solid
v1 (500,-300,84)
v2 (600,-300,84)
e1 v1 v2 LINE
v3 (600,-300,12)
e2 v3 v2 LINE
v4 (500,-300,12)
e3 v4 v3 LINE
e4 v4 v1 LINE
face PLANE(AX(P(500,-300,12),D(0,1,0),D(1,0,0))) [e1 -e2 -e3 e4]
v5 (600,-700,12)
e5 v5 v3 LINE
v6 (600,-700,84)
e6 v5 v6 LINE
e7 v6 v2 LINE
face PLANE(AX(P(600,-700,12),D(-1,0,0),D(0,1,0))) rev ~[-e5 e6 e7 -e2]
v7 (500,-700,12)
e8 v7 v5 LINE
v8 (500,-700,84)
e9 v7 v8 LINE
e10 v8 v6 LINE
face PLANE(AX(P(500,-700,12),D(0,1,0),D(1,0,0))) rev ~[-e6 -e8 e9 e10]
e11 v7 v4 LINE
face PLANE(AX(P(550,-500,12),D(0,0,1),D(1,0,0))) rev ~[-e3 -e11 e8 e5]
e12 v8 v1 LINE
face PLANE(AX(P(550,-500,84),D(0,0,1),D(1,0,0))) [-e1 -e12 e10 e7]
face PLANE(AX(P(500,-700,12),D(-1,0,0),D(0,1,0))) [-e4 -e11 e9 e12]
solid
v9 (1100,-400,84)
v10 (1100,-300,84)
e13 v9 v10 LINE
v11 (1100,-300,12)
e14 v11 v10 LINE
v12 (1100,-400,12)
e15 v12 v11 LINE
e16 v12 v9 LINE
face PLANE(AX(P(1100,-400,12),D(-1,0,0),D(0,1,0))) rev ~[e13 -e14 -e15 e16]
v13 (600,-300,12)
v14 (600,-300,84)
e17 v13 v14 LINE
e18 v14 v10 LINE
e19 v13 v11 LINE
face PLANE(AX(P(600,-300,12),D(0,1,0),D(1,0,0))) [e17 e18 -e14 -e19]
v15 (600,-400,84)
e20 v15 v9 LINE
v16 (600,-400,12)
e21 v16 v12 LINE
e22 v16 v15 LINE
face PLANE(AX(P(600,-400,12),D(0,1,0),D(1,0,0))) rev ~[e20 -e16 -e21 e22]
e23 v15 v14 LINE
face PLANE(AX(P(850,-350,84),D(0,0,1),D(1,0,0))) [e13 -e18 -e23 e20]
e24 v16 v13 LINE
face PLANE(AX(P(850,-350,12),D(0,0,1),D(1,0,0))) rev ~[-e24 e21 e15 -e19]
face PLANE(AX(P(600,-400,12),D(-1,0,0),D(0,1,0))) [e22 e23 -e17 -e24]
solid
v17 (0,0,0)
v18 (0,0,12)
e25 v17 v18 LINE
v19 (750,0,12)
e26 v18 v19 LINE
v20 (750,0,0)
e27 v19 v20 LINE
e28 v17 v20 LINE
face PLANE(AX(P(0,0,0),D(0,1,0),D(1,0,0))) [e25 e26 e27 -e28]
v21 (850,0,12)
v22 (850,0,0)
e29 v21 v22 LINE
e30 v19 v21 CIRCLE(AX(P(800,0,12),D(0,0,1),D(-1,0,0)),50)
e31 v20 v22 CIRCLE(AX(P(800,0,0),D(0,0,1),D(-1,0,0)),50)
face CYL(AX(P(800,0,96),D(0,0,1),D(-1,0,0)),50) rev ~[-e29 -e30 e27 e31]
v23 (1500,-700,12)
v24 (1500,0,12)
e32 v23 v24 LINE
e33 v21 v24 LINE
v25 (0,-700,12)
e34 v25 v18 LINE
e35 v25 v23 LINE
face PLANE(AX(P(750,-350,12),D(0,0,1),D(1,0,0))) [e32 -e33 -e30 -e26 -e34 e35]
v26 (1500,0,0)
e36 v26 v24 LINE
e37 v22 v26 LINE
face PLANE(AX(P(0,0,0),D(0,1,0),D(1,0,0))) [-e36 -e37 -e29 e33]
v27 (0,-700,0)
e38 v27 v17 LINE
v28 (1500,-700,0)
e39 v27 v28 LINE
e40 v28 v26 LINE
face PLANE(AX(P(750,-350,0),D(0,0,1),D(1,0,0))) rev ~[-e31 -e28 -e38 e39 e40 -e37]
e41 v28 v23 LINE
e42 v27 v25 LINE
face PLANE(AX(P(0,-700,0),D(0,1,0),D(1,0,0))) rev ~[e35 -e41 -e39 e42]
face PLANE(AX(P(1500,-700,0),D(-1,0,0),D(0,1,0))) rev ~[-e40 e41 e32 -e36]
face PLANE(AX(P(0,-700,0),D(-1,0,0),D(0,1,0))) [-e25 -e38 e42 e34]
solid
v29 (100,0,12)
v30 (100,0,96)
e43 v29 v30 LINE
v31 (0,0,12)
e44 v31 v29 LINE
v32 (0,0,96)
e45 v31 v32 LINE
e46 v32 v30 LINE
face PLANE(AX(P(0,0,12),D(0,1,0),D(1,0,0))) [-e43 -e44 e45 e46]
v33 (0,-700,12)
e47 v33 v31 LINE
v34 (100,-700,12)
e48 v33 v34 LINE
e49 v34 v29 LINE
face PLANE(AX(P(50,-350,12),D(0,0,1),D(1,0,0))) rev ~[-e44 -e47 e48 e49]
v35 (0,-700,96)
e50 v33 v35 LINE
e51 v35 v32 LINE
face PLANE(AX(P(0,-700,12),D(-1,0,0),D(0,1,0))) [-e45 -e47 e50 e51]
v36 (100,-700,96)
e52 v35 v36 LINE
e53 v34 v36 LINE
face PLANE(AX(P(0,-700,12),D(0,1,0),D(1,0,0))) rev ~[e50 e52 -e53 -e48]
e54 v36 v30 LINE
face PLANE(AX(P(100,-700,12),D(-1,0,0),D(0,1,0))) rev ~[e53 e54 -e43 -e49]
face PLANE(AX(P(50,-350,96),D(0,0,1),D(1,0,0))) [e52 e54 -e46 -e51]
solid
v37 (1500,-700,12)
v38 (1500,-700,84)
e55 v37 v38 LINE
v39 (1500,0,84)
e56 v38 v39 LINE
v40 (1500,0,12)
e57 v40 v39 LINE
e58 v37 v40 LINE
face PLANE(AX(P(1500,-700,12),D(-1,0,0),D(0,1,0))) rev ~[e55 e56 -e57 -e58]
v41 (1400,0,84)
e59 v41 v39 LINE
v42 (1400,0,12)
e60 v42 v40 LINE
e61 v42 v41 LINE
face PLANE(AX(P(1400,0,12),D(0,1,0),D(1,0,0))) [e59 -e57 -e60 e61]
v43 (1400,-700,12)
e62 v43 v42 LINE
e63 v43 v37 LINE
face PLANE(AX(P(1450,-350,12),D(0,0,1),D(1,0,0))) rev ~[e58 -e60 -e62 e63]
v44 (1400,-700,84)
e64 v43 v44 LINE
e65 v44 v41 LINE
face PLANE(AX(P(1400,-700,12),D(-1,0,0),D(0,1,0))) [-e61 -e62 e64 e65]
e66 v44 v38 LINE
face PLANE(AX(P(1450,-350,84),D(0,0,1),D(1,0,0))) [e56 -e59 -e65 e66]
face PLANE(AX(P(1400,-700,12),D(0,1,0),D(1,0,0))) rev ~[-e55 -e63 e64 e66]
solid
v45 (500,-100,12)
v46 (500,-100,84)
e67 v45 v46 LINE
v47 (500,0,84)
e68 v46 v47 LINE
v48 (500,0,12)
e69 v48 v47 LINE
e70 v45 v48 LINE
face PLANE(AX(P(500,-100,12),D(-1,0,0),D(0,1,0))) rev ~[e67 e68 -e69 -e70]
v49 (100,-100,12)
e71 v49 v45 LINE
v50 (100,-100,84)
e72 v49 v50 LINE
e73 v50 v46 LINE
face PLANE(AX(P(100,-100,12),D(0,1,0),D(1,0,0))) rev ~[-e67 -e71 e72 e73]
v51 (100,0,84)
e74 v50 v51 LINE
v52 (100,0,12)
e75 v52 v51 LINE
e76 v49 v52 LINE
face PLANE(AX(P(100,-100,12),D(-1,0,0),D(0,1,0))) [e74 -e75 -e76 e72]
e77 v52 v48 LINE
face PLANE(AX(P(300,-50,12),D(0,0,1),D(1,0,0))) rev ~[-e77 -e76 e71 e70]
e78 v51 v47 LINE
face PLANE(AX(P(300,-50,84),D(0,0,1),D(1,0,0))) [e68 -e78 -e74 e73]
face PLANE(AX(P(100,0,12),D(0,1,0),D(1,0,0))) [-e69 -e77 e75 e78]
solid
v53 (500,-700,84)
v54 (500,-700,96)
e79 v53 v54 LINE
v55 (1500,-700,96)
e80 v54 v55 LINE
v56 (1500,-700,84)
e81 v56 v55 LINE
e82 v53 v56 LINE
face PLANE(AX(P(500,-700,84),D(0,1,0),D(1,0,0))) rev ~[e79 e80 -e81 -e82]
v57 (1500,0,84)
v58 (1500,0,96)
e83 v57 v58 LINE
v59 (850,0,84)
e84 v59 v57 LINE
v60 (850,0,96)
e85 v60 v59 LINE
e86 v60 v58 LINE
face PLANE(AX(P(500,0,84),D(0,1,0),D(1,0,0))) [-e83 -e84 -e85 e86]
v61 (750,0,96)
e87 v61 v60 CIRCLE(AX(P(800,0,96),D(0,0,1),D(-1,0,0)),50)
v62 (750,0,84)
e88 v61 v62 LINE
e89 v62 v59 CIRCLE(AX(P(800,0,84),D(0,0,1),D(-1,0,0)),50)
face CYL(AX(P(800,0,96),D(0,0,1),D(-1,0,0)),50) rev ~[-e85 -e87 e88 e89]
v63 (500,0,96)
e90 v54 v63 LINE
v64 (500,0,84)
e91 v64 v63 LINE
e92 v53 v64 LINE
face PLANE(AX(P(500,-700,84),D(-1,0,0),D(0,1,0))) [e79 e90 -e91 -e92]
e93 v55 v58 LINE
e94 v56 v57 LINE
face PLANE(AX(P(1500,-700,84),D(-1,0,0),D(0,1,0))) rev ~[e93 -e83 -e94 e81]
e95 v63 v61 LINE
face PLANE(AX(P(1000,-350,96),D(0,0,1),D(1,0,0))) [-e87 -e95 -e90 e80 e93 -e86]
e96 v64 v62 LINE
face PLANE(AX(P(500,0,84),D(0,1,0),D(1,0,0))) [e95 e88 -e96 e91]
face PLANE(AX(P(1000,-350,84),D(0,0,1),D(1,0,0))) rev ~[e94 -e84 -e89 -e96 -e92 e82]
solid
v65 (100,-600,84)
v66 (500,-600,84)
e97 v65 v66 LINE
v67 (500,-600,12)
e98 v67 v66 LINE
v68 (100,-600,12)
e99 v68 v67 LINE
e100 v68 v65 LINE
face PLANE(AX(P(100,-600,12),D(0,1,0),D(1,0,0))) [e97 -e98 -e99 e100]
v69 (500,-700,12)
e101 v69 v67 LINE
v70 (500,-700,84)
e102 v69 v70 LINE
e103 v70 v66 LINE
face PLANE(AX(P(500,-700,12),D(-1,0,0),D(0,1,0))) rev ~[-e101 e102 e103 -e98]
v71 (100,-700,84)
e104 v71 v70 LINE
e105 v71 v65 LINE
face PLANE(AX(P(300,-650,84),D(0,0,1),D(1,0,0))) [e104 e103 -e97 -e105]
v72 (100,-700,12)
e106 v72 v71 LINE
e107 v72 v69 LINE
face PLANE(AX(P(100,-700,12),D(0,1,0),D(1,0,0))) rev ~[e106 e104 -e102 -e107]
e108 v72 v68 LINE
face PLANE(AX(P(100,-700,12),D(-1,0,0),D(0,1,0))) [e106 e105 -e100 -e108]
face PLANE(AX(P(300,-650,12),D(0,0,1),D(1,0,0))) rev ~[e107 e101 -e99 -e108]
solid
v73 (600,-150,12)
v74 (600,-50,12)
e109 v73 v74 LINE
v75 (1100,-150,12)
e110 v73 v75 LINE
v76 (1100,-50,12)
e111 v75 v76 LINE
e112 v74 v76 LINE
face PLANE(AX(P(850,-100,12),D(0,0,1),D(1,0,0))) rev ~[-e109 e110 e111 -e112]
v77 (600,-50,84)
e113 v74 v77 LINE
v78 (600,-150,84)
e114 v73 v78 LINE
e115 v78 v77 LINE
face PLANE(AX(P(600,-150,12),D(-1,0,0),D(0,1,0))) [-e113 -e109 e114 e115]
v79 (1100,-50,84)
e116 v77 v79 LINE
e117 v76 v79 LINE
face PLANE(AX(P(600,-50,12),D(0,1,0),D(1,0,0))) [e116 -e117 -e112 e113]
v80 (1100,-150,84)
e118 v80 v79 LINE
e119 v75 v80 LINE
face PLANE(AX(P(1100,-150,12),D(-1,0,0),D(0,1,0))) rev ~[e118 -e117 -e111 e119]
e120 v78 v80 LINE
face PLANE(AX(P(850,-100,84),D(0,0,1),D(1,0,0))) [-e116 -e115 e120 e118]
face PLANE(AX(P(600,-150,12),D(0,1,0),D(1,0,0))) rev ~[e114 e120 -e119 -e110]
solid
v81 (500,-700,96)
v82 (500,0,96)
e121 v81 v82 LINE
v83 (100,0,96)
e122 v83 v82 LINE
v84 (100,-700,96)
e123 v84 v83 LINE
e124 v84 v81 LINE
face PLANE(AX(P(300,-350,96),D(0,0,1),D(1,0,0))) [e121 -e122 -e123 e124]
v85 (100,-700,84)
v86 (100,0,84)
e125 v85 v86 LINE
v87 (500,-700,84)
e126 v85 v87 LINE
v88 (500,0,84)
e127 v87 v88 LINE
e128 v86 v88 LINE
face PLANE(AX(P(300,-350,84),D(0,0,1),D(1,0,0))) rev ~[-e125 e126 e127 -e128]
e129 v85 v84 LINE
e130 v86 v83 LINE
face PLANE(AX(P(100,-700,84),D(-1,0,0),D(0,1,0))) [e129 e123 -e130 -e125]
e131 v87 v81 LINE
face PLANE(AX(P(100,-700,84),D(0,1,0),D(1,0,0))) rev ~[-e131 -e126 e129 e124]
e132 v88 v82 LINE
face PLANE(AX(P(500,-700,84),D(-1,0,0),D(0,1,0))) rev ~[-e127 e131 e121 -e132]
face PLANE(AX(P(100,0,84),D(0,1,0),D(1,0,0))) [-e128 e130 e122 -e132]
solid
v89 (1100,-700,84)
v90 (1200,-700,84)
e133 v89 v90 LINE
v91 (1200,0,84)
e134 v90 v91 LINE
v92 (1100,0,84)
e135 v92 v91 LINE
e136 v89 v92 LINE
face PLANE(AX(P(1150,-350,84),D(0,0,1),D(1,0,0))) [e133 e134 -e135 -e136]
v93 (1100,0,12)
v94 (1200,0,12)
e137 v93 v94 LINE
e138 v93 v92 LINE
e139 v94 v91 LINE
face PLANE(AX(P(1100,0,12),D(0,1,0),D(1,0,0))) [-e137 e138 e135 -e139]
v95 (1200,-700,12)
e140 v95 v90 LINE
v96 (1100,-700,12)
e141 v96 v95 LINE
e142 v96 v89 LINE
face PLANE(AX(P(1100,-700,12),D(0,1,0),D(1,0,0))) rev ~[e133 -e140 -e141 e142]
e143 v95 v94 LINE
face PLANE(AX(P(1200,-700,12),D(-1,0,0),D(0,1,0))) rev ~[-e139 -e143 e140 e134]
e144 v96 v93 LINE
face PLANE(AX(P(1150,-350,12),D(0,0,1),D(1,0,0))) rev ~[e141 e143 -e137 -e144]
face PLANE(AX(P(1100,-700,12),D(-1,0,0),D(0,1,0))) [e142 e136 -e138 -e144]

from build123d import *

# Parameters (mm, degrees)
F0_W      = 1500
F0_H      = 700
F1_DEPTH  = 12
F2_W      = 100
F2_H      = 700
F3_DEPTH  = 84
F4_W      = 400
F4_H      = 100
F5_DEPTH  = 72
F6_W      = 400
F6_H      = 100
F7_DEPTH  = 72
F8_W      = 100
F8_H      = 700
F9_DEPTH  = 72
F10_W     = 100
F10_H     = 700
F11_DEPTH = 72
F12_W     = 100
F12_H     = 400
F13_DEPTH = 72
F14_W     = 500
F14_H     = 100
F15_DEPTH = 72
F16_W     = 1000
F16_H     = 700
F17_DEPTH = 12
F18_W     = 400
F18_H     = 700
F19_DEPTH = 12
F21_DEPTH = 96.001
F23_DEPTH = 12.001


with BuildPart() as f1:
    # F0 (on Top) → F1 (new body)
    with BuildSketch(Plane.XY):
        with Locations((750, -350)):
            Rectangle(F0_W, F0_H)
    extrude(amount=F1_DEPTH)


with BuildPart() as f3:
    # F2 (on face) → F3 (new body)
    with BuildSketch(Plane.XY.offset(12)):
        with Locations((50, -350)):
            Rectangle(F2_W, F2_H)
    extrude(amount=F3_DEPTH)


with BuildPart() as f5:
    # F4 (on face) → F5 (new body)
    with BuildSketch(Plane.XY.offset(12)):
        with Locations((300, -50)):
            Rectangle(F4_W, F4_H)
    extrude(amount=F5_DEPTH)


with BuildPart() as f7:
    # F6 (on face) → F7 (new body)
    with BuildSketch(Plane.XY.offset(12)):
        with Locations((300, -650)):
            Rectangle(F6_W, F6_H)
    extrude(amount=F7_DEPTH)


with BuildPart() as f9:
    # F8 (on face) → F9 (new body)
    with BuildSketch(Plane.XY.offset(12)):
        with Locations((1450, -350)):
            Rectangle(F8_W, F8_H)
    extrude(amount=F9_DEPTH)


with BuildPart() as f11:
    # F10 (on face) → F11 (new body)
    with BuildSketch(Plane.XY.offset(12)):
        with Locations((1150, -350)):
            Rectangle(F10_W, F10_H)
    extrude(amount=F11_DEPTH)


with BuildPart() as f13:
    # F12 (on face) → F13 (new body)
    with BuildSketch(Plane.XY.offset(12)):
        with Locations((550, -500)):
            Rectangle(F12_W, F12_H)
    extrude(amount=F13_DEPTH)


with BuildPart() as f15:
    # F14 (on face) → F15 (new body)
    with BuildSketch(Plane.XY.offset(12)):
        with Locations((850, -350)):
            Rectangle(F14_W, F14_H)
    extrude(amount=F15_DEPTH)


with BuildPart() as f15b:
    # F14 (on face) → F15, piece 2 (new body)
    with BuildSketch(Plane.XY.offset(12)):
        with Locations((850, -100)):
            Rectangle(F14_W, F14_H)
    extrude(amount=F15_DEPTH)


with BuildPart() as f17:
    # F16 (on face) → F17 (new body)
    with BuildSketch(Plane.XY.offset(84)):
        with Locations((1000, -350)):
            Rectangle(F16_W, F16_H)
    extrude(amount=F17_DEPTH)


with BuildPart() as f19:
    # F18 (on face) → F19 (new body)
    with BuildSketch(Plane.XY.offset(84)):
        with Locations((300, -350)):
            Rectangle(F18_W, F18_H)
    extrude(amount=F19_DEPTH)


with BuildPart() as f21_tool:
    # F20 (on face) → F21 (new body, through all)
    with BuildSketch(Plane.XY.offset(96)):
        with BuildLine():
            Line((850, 0), (750, 0))
            ThreePointArc((750, 0), (800, -50), (850, 0))
        make_face()
    extrude(amount=-F21_DEPTH)


with BuildPart() as f1_1:
    add(f1.part)

    # F21: cut by f21_tool
    add(f21_tool.part, mode=Mode.SUBTRACT)

    # F22 (on face) → F23 (cut, through all)
    with BuildSketch(Plane.XY.offset(12)):
        with BuildLine():
            Line((850, 0), (750, 0))
            ThreePointArc((750, 0), (800, -50), (850, 0))
        make_face()
    extrude(amount=-F23_DEPTH, mode=Mode.SUBTRACT)


with BuildPart() as f17_1:
    add(f17.part)

    # F21: cut by f21_tool
    add(f21_tool.part, mode=Mode.SUBTRACT)


solid = Compound([f3.part, f5.part, f7.part, f9.part, f11.part, f13.part, f15.part, f15b.part, f19.part, f1_1.part, f17_1.part])
